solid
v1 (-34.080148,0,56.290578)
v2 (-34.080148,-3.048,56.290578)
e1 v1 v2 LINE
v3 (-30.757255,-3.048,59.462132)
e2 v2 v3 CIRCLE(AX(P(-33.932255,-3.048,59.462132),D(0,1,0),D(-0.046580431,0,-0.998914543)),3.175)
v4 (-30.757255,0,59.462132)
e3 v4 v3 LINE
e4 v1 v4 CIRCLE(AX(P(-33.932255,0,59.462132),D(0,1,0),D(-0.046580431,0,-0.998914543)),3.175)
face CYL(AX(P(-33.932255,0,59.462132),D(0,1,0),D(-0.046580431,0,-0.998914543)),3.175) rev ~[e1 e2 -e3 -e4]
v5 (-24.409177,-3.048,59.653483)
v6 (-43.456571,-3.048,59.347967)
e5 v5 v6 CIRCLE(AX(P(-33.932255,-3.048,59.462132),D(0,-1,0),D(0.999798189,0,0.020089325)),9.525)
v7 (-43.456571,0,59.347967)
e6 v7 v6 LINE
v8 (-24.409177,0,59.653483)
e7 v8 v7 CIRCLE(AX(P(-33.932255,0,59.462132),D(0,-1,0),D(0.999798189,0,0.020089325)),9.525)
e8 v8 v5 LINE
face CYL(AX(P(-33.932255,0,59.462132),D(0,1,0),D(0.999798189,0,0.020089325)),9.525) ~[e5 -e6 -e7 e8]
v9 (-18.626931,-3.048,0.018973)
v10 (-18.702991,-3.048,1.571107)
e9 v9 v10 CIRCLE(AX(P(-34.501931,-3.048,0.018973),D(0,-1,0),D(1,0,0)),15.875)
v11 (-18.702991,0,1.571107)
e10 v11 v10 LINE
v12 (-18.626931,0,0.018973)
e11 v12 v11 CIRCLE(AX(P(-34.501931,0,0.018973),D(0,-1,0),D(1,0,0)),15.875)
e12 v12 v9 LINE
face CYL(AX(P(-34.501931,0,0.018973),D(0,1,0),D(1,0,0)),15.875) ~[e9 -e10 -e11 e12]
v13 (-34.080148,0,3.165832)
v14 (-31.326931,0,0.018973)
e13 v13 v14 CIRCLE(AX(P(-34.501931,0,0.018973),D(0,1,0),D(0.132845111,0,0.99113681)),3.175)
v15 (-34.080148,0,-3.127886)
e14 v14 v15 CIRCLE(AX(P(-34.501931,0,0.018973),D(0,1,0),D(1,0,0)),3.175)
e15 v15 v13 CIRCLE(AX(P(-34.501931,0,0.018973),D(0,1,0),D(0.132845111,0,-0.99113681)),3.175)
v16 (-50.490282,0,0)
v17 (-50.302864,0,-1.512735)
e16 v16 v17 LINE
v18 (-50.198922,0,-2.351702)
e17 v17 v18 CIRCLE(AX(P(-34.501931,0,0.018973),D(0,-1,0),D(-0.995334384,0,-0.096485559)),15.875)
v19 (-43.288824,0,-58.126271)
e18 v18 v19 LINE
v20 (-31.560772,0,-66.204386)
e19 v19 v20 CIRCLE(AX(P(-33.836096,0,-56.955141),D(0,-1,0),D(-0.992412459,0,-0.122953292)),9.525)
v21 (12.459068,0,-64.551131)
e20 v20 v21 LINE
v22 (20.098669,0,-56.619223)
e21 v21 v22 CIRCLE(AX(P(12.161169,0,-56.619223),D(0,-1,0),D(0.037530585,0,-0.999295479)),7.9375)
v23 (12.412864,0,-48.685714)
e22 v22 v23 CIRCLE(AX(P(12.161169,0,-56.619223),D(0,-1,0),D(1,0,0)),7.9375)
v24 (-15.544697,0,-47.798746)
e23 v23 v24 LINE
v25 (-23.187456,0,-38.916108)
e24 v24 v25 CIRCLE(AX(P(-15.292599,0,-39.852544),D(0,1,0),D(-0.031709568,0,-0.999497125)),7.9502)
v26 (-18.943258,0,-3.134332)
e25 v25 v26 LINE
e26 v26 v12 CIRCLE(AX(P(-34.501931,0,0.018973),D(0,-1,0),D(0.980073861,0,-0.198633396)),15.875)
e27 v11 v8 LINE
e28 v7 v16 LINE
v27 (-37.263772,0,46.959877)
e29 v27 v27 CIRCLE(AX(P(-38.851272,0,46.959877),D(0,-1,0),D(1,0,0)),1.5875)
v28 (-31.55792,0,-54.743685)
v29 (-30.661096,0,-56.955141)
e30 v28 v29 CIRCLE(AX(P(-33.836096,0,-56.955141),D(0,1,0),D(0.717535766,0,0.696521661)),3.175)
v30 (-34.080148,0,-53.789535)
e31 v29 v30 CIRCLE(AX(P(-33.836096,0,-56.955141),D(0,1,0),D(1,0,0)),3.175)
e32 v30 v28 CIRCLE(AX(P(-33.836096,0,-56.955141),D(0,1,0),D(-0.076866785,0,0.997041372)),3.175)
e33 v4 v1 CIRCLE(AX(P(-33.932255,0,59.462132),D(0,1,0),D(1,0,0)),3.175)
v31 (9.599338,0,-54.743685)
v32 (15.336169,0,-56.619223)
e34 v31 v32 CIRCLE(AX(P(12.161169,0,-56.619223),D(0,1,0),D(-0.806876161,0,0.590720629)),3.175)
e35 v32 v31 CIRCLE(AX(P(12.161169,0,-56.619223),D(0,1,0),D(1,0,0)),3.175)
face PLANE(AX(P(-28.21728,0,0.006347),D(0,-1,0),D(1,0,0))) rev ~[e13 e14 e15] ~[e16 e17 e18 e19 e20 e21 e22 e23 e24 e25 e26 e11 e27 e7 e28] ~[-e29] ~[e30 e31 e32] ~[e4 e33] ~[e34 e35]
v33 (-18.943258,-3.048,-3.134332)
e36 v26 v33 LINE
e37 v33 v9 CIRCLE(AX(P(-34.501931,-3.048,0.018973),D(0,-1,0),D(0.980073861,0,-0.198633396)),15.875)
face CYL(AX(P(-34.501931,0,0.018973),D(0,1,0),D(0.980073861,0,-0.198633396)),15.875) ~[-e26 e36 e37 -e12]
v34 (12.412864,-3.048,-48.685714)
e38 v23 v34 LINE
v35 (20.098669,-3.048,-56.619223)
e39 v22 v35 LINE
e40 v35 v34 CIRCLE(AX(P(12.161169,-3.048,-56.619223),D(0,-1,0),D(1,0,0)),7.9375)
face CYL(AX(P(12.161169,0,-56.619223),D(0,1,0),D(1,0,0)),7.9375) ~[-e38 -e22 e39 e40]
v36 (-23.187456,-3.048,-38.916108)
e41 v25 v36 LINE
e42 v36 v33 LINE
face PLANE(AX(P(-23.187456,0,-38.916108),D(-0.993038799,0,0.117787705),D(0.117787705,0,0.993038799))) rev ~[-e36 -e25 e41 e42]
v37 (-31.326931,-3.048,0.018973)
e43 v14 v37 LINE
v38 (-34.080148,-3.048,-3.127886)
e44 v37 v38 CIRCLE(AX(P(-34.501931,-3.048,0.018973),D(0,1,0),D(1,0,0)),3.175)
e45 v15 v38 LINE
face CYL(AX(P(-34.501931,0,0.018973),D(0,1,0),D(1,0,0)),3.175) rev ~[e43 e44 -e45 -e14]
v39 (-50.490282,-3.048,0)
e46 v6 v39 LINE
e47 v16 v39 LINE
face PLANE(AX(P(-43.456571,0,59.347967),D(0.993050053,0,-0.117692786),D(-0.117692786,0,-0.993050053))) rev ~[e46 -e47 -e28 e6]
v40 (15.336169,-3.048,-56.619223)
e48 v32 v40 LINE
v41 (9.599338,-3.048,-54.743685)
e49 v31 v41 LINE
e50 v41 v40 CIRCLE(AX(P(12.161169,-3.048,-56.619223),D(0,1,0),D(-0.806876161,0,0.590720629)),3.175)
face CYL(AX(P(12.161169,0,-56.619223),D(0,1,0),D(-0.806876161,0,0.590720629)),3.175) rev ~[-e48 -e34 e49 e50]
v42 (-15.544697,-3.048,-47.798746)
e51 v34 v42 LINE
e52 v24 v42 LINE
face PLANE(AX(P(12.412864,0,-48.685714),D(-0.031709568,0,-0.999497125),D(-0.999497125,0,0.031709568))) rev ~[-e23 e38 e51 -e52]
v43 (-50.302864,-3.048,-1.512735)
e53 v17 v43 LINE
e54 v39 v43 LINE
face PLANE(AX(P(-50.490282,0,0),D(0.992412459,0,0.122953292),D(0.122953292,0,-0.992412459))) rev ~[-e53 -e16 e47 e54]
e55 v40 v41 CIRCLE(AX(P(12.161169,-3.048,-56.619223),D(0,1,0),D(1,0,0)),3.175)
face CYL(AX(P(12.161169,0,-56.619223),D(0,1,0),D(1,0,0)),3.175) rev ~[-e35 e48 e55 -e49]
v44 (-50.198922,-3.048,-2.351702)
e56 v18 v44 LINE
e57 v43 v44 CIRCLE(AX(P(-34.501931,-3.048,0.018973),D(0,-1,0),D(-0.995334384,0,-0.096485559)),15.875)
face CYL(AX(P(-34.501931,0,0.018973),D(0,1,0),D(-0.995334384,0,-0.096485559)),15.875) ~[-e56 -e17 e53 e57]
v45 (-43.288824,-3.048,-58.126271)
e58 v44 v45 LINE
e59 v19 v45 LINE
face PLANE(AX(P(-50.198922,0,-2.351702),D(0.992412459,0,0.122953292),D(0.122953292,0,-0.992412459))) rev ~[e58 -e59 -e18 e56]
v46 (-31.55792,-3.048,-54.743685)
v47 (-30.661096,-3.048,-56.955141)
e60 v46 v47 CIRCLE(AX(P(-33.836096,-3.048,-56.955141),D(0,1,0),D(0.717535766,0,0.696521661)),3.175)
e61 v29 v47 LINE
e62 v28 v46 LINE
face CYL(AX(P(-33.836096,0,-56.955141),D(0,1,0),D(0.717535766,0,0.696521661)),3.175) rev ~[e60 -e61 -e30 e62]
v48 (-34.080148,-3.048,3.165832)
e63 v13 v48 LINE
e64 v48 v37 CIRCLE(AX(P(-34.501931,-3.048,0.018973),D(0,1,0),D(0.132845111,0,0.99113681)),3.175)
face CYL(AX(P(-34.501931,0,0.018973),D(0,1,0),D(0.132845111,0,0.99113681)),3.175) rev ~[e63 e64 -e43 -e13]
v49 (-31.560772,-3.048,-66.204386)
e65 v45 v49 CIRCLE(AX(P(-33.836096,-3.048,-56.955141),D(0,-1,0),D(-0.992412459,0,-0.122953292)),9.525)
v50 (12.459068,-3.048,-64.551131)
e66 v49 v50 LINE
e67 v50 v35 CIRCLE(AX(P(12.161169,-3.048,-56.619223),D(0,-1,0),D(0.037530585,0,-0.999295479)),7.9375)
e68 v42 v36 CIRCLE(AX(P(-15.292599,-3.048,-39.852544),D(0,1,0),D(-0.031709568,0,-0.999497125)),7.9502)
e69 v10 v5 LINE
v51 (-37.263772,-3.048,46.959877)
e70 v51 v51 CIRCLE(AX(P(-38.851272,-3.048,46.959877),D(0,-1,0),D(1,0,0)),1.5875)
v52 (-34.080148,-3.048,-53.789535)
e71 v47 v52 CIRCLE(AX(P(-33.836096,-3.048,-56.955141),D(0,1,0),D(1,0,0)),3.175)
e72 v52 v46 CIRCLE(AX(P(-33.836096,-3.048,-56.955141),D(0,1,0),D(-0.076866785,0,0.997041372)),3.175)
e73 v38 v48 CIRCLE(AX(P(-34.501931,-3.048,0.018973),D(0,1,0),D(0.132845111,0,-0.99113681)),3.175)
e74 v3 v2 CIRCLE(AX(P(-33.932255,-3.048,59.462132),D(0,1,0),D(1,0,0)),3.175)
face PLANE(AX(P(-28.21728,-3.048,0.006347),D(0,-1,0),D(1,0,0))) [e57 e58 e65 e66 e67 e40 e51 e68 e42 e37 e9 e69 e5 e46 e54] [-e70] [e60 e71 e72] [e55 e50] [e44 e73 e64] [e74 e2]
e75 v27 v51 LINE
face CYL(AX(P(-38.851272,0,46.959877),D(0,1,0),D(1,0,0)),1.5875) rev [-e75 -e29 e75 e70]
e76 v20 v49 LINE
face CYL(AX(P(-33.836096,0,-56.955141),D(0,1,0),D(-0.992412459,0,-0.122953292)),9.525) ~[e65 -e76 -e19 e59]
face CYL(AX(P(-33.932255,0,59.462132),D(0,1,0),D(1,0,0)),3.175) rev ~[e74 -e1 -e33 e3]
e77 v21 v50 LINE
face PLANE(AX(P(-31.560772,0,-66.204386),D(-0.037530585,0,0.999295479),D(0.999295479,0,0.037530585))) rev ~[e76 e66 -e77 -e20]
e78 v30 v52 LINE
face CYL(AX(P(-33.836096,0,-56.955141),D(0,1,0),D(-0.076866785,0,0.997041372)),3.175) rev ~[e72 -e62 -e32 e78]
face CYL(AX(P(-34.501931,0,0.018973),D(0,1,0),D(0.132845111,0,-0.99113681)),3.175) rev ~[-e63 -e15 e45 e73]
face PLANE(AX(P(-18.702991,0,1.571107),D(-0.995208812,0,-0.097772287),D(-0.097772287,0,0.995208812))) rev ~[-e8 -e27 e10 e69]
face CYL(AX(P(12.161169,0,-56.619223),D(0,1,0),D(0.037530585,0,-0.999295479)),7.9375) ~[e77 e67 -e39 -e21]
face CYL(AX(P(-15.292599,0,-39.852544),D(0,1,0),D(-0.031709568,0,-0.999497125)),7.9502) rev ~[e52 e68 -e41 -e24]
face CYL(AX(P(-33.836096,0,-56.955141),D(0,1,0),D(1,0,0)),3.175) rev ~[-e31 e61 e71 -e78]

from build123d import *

# Parameters (mm, degrees)
F0_R     = 1.5875
F1_DEPTH = 3.048


with BuildPart() as f1:
    # F0 (on Front) → F1 (new body)
    with BuildSketch(Plane.XZ):
        with BuildLine():
            ThreePointArc((-34.0801477432, -15.8504228378), (-24.2907370076, -12.1361552631), (-18.9432584208, -3.1343321738))
            ThreePointArc((-18.9432584208, -3.1343321738), (-18.706210796, -1.565592922), (-18.6269309718, 0.018972989))
            ThreePointArc((-18.6269309718, 0.018972989), (-18.6459573636, 0.7959710159), (-18.702990932, 1.5711065586))
            ThreePointArc((-18.702990932, 1.5711065586), (-23.6841693978, 11.6375641053), (-34.0801477432, 15.8883688158))
            Line((-34.0801477432, 15.8883688158), (-34.0801477432, 3.1658323611))
            ThreePointArc((-34.0801477432, 3.1658323611), (-32.1123926534, 2.1096024694), (-31.3269309718, 0.018972989))
            ThreePointArc((-31.3269309718, 0.018972989), (-32.1123926534, -2.0716564915), (-34.0801477432, -3.1278863832))
            Line((-34.0801477432, -3.1278863832), (-34.0801477432, -15.8504228378))
        make_face()
        with BuildLine():
            Line((-23.1874564172, -38.9161083246), (-18.9432584208, -3.1343321738))
            ThreePointArc((-18.9432584208, -3.1343321738), (-24.2907370076, -12.1361552631), (-34.0801477432, -15.8504228378))
            Line((-34.0801477432, -15.8504228378), (-34.0801477432, -47.4332681982))
            ThreePointArc((-34.0801477432, -47.4332681982), (-28.0306092899, -49.403852965), (-24.5713730311, -54.7436848283))
            Line((-24.5713730311, -54.7436848283), (4.4484355461, -54.7436848283))
            ThreePointArc((4.4484355461, -54.7436848283), (7.35580492, -50.3015983907), (12.4128640951, -48.6857143926))
            Line((12.4128640951, -48.6857143926), (-15.5446967643, -47.798746179))
            ThreePointArc((-15.5446967643, -47.798746179), (-21.3190851144, -45.0378261368), (-23.1874564172, -38.9161083246))
        make_face()
        with BuildLine():
            Line((-34.0801477432, -47.4332681982), (-34.0801477432, -15.8504228378))
            ThreePointArc((-34.0801477432, -15.8504228378), (-44.6944213835, -12.1518430974), (-50.1989219657, -2.3517017543))
            Line((-50.1989219657, -2.3517017543), (-43.2888243686, -58.1262712121))
            ThreePointArc((-43.2888243686, -58.1262712121), (-41.0535722265, -50.7395431743), (-34.0801477432, -47.4332681982))
        make_face()
        with BuildLine():
            ThreePointArc((-50.1989219657, -2.3517017543), (-44.6944213835, -12.1518430974), (-34.0801477432, -15.8504228378))
            Line((-34.0801477432, -15.8504228378), (-34.0801477432, -3.1278863832))
            ThreePointArc((-34.0801477432, -3.1278863832), (-37.6769309718, 0.018972989), (-34.0801477432, 3.1658323611))
            Line((-34.0801477432, 3.1658323611), (-34.0801477432, 15.8883688158))
            ThreePointArc((-34.0801477432, 15.8883688158), (-44.8874112962, 12.025530507), (-50.2666005789, 1.8873458586))
            ThreePointArc((-50.2666005789, 1.8873458586), (-50.3760281263, 0.1882790173), (-50.3028643251, -1.5127352617))
            Line((-50.3028643251, -1.5127352617), (-50.1989219657, -2.3517017543))
        make_face()
        with BuildLine():
            ThreePointArc((-34.0801477432, 15.8883688158), (-23.6841693978, 11.6375641053), (-18.702990932, 1.5711065586))
            Line((-18.702990932, 1.5711065586), (-24.4091771226, 59.653482961))
            ThreePointArc((-24.4091771226, 59.653482961), (-24.4077354484, 59.557812378), (-24.4072548742, 59.4621321401))
            ThreePointArc((-24.4072548742, 59.4621321401), (-27.2495553664, 52.67485343), (-34.0801477432, 49.9382803616))
            Line((-34.0801477432, 49.9382803616), (-34.0801477432, 15.8883688158))
        make_face()
        with BuildLine():
            ThreePointArc((-50.3028643251, -1.5127352617), (-50.2564787514, -1.9329105273), (-50.1989219657, -2.3517017543))
            Line((-50.1989219657, -2.3517017543), (-50.3028643251, -1.5127352617))
        make_face()
        with BuildLine():
            Line((-34.0801477432, -53.7895347463), (-34.0801477432, -47.4332681982))
            ThreePointArc((-34.0801477432, -47.4332681982), (-41.0535722265, -50.7395431743), (-43.2888243686, -58.1262712121))
            ThreePointArc((-43.2888243686, -58.1262712121), (-39.2391291219, -64.7994291421), (-31.5607721969, -66.2043858256))
            ThreePointArc((-31.5607721969, -66.2043858256), (-26.3394937581, -62.8310737356), (-24.3110957009, -56.9551411023))
            ThreePointArc((-24.3110957009, -56.9551411023), (-24.376388823, -55.8417809696), (-24.5713730311, -54.7436848283))
            Line((-24.5713730311, -54.7436848283), (-31.5579196435, -54.7436848283))
            ThreePointArc((-31.5579196435, -54.7436848283), (-30.8938317781, -55.7619487418), (-30.6610957009, -56.9551411023))
            ThreePointArc((-30.6610957009, -56.9551411023), (-35.9931492196, -59.2848932602), (-34.0801477432, -53.7895347463))
        make_face()
        with BuildLine():
            ThreePointArc((-50.2666005789, 1.8873458586), (-44.8874112962, 12.025530507), (-34.0801477432, 15.8883688158))
            Line((-34.0801477432, 15.8883688158), (-34.0801477432, 49.9382803616))
            ThreePointArc((-34.0801477432, 49.9382803616), (-40.6793620008, 52.7388762011), (-43.456570664, 59.3479667524))
            Line((-43.456570664, 59.3479667524), (-50.2666005789, 1.8873458586))
        make_face()
        with Locations((-38.8512723148, 46.9598770142)):
            Circle(F0_R, mode=Mode.SUBTRACT)
        with BuildLine():
            ThreePointArc((-24.4072548742, 59.4621321401), (-24.4077354484, 59.557812378), (-24.4091771226, 59.653482961))
            ThreePointArc((-24.4091771226, 59.653482961), (-34.0850142327, 68.9859071048), (-43.456570664, 59.3479667524))
            ThreePointArc((-43.456570664, 59.3479667524), (-40.6793620008, 52.7388762011), (-34.0801477432, 49.9382803616))
            ThreePointArc((-34.0801477432, 49.9382803616), (-27.2495553664, 52.67485343), (-24.4072548742, 59.4621321401))
        make_face()
        with BuildLine():
            ThreePointArc((-30.7572548742, 59.4621321401), (-31.7401023771, 57.1653752027), (-34.0801477432, 56.2905784673))
            ThreePointArc((-34.0801477432, 56.2905784673), (-36.1244073713, 61.7588890775), (-30.7572548742, 59.4621321401))
        make_face(mode=Mode.SUBTRACT)
        with BuildLine():
            Line((-50.4902821465, 0), (-50.3028643251, -1.5127352617))
            ThreePointArc((-50.3028643251, -1.5127352617), (-50.3760281263, 0.1882790173), (-50.2666005789, 1.8873458586))
            Line((-50.2666005789, 1.8873458586), (-50.4902821465, 0))
        make_face()
        with BuildLine():
            Line((4.4484355461, -54.7436848283), (-24.5713730311, -54.7436848283))
            ThreePointArc((-24.5713730311, -54.7436848283), (-24.376388823, -55.8417809696), (-24.3110957009, -56.9551411023))
            ThreePointArc((-24.3110957009, -56.9551411023), (-26.3394937581, -62.8310737356), (-31.5607721969, -66.2043858256))
            Line((-31.5607721969, -66.2043858256), (12.4590684189, -64.5511306917))
            ThreePointArc((12.4590684189, -64.5511306917), (6.013694918, -61.6404242502), (4.4484355461, -54.7436848283))
        make_face()
        with BuildLine():
            ThreePointArc((20.0986693984, -56.6192228239), (17.8621225163, -51.0962671118), (12.4128640951, -48.6857143926))
            ThreePointArc((12.4128640951, -48.6857143926), (7.35580492, -50.3015983907), (4.4484355461, -54.7436848283))
            ThreePointArc((4.4484355461, -54.7436848283), (6.013694918, -61.6404242502), (12.4590684189, -64.5511306917))
            ThreePointArc((12.4590684189, -64.5511306917), (17.8781825926, -62.1255524896), (20.0986693984, -56.6192228239))
        make_face()
        with BuildLine():
            ThreePointArc((15.3361693984, -56.6192228239), (11.1745567589, -59.6370399986), (9.5993375876, -54.7436848283))
            ThreePointArc((9.5993375876, -54.7436848283), (13.1477820378, -53.6014056493), (15.3361693984, -56.6192228239))
        make_face(mode=Mode.SUBTRACT)
        with BuildLine():
            ThreePointArc((-24.5713730311, -54.7436848283), (-28.0306092899, -49.403852965), (-34.0801477432, -47.4332681982))
            Line((-34.0801477432, -47.4332681982), (-34.0801477432, -53.7895347463))
            ThreePointArc((-34.0801477432, -53.7895347463), (-32.7127009698, -53.9855267707), (-31.5579196435, -54.7436848283))
            Line((-31.5579196435, -54.7436848283), (-24.5713730311, -54.7436848283))
        make_face()
    extrude(amount=F1_DEPTH)


solid = f1.part
